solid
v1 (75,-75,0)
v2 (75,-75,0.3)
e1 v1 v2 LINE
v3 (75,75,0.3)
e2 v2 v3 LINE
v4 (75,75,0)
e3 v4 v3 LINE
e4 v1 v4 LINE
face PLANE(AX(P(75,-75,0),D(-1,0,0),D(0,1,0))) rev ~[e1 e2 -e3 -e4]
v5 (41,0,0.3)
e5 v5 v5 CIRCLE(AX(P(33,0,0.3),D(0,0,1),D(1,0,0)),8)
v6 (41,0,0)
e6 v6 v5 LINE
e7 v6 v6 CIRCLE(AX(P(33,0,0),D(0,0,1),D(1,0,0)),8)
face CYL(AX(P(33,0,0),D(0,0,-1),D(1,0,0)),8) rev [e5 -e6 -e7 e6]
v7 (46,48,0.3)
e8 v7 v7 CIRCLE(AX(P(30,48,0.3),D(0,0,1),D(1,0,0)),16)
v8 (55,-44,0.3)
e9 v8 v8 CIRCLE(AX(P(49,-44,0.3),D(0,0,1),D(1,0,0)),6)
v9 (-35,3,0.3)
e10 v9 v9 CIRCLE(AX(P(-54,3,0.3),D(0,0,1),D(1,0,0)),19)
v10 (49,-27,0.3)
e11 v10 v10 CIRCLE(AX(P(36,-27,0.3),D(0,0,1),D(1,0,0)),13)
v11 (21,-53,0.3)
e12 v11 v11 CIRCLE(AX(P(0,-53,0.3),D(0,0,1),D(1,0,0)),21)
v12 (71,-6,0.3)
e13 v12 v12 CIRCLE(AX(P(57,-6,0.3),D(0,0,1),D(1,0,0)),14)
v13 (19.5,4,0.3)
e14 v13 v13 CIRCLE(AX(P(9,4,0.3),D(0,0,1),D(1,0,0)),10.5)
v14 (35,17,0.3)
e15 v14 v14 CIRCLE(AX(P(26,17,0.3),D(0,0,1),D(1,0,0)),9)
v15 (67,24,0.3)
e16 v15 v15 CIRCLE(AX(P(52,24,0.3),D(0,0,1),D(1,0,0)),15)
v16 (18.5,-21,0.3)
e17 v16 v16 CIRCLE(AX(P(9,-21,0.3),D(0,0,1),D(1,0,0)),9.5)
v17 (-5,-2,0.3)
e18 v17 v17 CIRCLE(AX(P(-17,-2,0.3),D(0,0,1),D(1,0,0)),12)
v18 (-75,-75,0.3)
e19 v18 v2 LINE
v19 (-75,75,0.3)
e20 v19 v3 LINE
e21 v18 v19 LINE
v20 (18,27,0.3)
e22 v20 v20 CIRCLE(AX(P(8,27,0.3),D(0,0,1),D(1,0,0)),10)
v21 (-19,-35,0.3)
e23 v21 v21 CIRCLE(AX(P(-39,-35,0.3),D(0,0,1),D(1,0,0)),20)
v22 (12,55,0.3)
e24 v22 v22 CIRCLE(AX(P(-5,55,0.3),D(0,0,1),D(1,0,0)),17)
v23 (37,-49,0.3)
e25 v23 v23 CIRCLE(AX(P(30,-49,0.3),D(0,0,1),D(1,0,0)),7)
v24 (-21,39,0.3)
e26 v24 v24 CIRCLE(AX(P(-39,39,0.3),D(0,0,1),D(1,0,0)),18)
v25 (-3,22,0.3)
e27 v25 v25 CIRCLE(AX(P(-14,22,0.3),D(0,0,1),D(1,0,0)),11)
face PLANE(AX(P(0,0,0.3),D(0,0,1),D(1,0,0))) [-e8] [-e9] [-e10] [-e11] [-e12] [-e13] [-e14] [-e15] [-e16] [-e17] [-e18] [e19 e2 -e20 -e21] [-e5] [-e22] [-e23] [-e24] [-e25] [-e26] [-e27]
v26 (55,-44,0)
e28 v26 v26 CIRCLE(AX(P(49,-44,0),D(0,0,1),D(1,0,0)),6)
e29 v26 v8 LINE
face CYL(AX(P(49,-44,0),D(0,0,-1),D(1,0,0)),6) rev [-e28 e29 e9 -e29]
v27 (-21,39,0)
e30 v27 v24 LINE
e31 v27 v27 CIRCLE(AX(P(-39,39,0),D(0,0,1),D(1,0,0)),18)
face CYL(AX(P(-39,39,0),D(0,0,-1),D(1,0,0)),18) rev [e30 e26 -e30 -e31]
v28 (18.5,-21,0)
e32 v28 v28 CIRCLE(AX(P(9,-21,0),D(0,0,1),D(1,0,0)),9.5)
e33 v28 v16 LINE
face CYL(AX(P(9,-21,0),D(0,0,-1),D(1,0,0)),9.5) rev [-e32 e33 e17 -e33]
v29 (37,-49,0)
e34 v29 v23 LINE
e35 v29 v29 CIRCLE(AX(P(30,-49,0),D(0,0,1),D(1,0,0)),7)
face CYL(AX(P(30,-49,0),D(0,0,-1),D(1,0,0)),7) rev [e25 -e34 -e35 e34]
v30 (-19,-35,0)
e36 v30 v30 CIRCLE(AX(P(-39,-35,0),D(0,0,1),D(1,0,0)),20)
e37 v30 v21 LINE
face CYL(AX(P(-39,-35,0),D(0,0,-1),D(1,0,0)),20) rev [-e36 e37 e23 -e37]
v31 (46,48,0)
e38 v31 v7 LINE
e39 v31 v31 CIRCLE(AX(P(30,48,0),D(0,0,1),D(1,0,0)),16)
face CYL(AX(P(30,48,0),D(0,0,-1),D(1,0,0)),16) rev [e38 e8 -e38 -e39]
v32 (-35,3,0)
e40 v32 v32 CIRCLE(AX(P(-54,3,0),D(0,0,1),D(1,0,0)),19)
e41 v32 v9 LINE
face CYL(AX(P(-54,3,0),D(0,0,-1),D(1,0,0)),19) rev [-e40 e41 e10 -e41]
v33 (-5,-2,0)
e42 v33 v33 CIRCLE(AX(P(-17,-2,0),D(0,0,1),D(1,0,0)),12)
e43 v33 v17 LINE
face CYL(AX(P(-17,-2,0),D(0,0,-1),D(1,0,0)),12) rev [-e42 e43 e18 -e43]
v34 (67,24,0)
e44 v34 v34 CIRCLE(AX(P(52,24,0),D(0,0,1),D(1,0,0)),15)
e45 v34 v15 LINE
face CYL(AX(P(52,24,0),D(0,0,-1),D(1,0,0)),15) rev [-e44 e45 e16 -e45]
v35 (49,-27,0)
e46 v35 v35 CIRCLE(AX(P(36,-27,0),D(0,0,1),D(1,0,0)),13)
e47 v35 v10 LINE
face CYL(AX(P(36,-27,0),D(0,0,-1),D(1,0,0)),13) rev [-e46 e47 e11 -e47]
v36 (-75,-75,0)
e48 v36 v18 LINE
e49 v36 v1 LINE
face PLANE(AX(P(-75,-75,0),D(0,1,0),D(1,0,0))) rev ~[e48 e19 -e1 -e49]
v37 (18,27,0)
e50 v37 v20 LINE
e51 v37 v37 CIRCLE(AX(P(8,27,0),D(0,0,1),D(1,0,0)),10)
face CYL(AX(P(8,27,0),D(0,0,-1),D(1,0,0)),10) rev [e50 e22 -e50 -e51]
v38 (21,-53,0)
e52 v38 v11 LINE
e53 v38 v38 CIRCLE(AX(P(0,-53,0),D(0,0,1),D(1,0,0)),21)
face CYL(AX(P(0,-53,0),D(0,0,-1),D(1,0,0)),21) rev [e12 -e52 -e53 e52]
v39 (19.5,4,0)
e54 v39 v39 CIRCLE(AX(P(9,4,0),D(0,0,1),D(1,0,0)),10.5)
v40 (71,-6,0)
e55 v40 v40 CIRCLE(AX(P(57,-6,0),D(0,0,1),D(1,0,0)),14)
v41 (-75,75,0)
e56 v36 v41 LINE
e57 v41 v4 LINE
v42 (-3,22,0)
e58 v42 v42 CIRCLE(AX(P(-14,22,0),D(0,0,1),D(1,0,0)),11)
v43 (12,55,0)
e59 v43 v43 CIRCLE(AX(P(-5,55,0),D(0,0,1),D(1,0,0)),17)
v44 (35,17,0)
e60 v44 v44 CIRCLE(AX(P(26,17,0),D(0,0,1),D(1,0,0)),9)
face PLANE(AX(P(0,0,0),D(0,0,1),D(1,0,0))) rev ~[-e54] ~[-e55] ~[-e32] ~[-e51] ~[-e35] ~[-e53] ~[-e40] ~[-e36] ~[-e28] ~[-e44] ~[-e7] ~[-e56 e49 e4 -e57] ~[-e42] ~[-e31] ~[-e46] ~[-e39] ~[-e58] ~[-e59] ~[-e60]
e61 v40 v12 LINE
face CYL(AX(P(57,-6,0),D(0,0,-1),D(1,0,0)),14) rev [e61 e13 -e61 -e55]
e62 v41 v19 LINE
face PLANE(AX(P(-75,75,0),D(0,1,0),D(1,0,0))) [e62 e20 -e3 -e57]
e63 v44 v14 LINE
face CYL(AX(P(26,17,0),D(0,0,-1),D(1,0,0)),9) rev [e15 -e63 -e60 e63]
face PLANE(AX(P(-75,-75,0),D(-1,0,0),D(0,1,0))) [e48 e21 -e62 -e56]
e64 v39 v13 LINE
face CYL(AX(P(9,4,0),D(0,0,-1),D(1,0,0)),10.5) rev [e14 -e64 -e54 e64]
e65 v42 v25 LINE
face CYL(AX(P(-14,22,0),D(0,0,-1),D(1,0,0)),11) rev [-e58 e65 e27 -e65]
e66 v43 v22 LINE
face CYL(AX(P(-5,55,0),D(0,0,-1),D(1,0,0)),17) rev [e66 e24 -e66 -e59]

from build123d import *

# Parameters (mm, degrees)
F0_W     = 150
F0_H     = 150
F0_R     = 20
F0_R_2   = 12
F0_R_3   = 21
F0_R_4   = 7
F0_R_5   = 6
F0_R_6   = 9.5
F0_R_7   = 13
F0_R_8   = 14
F0_R_9   = 19
F0_R_10  = 11
F0_R_11  = 18
F0_R_12  = 17
F0_R_13  = 10.5
F0_R_14  = 8
F0_R_15  = 9
F0_R_16  = 10
F0_R_17  = 15
F0_R_18  = 16
F1_DEPTH = 0.3


with BuildPart() as f1:
    # F0 (on Top) → F1 (new body)
    with BuildSketch(Plane.XY):
        Rectangle(F0_W, F0_H)
        with Locations((-39, -35)):
            Circle(F0_R, mode=Mode.SUBTRACT)
        with Locations((-17, -2)):
            Circle(F0_R_2, mode=Mode.SUBTRACT)
        with Locations((0, -53)):
            Circle(F0_R_3, mode=Mode.SUBTRACT)
        with Locations((30, -49)):
            Circle(F0_R_4, mode=Mode.SUBTRACT)
        with Locations((49, -44)):
            Circle(F0_R_5, mode=Mode.SUBTRACT)
        with Locations((9, -21)):
            Circle(F0_R_6, mode=Mode.SUBTRACT)
        with Locations((36, -27)):
            Circle(F0_R_7, mode=Mode.SUBTRACT)
        with Locations((57, -6)):
            Circle(F0_R_8, mode=Mode.SUBTRACT)
        with Locations((-54, 3)):
            Circle(F0_R_9, mode=Mode.SUBTRACT)
        with Locations((-14, 22)):
            Circle(F0_R_10, mode=Mode.SUBTRACT)
        with Locations((-39, 39)):
            Circle(F0_R_11, mode=Mode.SUBTRACT)
        with Locations((-5, 55)):
            Circle(F0_R_12, mode=Mode.SUBTRACT)
        with Locations((9, 4)):
            Circle(F0_R_13, mode=Mode.SUBTRACT)
        with Locations((33, 0)):
            Circle(F0_R_14, mode=Mode.SUBTRACT)
        with Locations((26, 17)):
            Circle(F0_R_15, mode=Mode.SUBTRACT)
        with Locations((8, 27)):
            Circle(F0_R_16, mode=Mode.SUBTRACT)
        with Locations((52, 24)):
            Circle(F0_R_17, mode=Mode.SUBTRACT)
        with Locations((30, 48)):
            Circle(F0_R_18, mode=Mode.SUBTRACT)
    extrude(amount=F1_DEPTH)


solid = f1.part
